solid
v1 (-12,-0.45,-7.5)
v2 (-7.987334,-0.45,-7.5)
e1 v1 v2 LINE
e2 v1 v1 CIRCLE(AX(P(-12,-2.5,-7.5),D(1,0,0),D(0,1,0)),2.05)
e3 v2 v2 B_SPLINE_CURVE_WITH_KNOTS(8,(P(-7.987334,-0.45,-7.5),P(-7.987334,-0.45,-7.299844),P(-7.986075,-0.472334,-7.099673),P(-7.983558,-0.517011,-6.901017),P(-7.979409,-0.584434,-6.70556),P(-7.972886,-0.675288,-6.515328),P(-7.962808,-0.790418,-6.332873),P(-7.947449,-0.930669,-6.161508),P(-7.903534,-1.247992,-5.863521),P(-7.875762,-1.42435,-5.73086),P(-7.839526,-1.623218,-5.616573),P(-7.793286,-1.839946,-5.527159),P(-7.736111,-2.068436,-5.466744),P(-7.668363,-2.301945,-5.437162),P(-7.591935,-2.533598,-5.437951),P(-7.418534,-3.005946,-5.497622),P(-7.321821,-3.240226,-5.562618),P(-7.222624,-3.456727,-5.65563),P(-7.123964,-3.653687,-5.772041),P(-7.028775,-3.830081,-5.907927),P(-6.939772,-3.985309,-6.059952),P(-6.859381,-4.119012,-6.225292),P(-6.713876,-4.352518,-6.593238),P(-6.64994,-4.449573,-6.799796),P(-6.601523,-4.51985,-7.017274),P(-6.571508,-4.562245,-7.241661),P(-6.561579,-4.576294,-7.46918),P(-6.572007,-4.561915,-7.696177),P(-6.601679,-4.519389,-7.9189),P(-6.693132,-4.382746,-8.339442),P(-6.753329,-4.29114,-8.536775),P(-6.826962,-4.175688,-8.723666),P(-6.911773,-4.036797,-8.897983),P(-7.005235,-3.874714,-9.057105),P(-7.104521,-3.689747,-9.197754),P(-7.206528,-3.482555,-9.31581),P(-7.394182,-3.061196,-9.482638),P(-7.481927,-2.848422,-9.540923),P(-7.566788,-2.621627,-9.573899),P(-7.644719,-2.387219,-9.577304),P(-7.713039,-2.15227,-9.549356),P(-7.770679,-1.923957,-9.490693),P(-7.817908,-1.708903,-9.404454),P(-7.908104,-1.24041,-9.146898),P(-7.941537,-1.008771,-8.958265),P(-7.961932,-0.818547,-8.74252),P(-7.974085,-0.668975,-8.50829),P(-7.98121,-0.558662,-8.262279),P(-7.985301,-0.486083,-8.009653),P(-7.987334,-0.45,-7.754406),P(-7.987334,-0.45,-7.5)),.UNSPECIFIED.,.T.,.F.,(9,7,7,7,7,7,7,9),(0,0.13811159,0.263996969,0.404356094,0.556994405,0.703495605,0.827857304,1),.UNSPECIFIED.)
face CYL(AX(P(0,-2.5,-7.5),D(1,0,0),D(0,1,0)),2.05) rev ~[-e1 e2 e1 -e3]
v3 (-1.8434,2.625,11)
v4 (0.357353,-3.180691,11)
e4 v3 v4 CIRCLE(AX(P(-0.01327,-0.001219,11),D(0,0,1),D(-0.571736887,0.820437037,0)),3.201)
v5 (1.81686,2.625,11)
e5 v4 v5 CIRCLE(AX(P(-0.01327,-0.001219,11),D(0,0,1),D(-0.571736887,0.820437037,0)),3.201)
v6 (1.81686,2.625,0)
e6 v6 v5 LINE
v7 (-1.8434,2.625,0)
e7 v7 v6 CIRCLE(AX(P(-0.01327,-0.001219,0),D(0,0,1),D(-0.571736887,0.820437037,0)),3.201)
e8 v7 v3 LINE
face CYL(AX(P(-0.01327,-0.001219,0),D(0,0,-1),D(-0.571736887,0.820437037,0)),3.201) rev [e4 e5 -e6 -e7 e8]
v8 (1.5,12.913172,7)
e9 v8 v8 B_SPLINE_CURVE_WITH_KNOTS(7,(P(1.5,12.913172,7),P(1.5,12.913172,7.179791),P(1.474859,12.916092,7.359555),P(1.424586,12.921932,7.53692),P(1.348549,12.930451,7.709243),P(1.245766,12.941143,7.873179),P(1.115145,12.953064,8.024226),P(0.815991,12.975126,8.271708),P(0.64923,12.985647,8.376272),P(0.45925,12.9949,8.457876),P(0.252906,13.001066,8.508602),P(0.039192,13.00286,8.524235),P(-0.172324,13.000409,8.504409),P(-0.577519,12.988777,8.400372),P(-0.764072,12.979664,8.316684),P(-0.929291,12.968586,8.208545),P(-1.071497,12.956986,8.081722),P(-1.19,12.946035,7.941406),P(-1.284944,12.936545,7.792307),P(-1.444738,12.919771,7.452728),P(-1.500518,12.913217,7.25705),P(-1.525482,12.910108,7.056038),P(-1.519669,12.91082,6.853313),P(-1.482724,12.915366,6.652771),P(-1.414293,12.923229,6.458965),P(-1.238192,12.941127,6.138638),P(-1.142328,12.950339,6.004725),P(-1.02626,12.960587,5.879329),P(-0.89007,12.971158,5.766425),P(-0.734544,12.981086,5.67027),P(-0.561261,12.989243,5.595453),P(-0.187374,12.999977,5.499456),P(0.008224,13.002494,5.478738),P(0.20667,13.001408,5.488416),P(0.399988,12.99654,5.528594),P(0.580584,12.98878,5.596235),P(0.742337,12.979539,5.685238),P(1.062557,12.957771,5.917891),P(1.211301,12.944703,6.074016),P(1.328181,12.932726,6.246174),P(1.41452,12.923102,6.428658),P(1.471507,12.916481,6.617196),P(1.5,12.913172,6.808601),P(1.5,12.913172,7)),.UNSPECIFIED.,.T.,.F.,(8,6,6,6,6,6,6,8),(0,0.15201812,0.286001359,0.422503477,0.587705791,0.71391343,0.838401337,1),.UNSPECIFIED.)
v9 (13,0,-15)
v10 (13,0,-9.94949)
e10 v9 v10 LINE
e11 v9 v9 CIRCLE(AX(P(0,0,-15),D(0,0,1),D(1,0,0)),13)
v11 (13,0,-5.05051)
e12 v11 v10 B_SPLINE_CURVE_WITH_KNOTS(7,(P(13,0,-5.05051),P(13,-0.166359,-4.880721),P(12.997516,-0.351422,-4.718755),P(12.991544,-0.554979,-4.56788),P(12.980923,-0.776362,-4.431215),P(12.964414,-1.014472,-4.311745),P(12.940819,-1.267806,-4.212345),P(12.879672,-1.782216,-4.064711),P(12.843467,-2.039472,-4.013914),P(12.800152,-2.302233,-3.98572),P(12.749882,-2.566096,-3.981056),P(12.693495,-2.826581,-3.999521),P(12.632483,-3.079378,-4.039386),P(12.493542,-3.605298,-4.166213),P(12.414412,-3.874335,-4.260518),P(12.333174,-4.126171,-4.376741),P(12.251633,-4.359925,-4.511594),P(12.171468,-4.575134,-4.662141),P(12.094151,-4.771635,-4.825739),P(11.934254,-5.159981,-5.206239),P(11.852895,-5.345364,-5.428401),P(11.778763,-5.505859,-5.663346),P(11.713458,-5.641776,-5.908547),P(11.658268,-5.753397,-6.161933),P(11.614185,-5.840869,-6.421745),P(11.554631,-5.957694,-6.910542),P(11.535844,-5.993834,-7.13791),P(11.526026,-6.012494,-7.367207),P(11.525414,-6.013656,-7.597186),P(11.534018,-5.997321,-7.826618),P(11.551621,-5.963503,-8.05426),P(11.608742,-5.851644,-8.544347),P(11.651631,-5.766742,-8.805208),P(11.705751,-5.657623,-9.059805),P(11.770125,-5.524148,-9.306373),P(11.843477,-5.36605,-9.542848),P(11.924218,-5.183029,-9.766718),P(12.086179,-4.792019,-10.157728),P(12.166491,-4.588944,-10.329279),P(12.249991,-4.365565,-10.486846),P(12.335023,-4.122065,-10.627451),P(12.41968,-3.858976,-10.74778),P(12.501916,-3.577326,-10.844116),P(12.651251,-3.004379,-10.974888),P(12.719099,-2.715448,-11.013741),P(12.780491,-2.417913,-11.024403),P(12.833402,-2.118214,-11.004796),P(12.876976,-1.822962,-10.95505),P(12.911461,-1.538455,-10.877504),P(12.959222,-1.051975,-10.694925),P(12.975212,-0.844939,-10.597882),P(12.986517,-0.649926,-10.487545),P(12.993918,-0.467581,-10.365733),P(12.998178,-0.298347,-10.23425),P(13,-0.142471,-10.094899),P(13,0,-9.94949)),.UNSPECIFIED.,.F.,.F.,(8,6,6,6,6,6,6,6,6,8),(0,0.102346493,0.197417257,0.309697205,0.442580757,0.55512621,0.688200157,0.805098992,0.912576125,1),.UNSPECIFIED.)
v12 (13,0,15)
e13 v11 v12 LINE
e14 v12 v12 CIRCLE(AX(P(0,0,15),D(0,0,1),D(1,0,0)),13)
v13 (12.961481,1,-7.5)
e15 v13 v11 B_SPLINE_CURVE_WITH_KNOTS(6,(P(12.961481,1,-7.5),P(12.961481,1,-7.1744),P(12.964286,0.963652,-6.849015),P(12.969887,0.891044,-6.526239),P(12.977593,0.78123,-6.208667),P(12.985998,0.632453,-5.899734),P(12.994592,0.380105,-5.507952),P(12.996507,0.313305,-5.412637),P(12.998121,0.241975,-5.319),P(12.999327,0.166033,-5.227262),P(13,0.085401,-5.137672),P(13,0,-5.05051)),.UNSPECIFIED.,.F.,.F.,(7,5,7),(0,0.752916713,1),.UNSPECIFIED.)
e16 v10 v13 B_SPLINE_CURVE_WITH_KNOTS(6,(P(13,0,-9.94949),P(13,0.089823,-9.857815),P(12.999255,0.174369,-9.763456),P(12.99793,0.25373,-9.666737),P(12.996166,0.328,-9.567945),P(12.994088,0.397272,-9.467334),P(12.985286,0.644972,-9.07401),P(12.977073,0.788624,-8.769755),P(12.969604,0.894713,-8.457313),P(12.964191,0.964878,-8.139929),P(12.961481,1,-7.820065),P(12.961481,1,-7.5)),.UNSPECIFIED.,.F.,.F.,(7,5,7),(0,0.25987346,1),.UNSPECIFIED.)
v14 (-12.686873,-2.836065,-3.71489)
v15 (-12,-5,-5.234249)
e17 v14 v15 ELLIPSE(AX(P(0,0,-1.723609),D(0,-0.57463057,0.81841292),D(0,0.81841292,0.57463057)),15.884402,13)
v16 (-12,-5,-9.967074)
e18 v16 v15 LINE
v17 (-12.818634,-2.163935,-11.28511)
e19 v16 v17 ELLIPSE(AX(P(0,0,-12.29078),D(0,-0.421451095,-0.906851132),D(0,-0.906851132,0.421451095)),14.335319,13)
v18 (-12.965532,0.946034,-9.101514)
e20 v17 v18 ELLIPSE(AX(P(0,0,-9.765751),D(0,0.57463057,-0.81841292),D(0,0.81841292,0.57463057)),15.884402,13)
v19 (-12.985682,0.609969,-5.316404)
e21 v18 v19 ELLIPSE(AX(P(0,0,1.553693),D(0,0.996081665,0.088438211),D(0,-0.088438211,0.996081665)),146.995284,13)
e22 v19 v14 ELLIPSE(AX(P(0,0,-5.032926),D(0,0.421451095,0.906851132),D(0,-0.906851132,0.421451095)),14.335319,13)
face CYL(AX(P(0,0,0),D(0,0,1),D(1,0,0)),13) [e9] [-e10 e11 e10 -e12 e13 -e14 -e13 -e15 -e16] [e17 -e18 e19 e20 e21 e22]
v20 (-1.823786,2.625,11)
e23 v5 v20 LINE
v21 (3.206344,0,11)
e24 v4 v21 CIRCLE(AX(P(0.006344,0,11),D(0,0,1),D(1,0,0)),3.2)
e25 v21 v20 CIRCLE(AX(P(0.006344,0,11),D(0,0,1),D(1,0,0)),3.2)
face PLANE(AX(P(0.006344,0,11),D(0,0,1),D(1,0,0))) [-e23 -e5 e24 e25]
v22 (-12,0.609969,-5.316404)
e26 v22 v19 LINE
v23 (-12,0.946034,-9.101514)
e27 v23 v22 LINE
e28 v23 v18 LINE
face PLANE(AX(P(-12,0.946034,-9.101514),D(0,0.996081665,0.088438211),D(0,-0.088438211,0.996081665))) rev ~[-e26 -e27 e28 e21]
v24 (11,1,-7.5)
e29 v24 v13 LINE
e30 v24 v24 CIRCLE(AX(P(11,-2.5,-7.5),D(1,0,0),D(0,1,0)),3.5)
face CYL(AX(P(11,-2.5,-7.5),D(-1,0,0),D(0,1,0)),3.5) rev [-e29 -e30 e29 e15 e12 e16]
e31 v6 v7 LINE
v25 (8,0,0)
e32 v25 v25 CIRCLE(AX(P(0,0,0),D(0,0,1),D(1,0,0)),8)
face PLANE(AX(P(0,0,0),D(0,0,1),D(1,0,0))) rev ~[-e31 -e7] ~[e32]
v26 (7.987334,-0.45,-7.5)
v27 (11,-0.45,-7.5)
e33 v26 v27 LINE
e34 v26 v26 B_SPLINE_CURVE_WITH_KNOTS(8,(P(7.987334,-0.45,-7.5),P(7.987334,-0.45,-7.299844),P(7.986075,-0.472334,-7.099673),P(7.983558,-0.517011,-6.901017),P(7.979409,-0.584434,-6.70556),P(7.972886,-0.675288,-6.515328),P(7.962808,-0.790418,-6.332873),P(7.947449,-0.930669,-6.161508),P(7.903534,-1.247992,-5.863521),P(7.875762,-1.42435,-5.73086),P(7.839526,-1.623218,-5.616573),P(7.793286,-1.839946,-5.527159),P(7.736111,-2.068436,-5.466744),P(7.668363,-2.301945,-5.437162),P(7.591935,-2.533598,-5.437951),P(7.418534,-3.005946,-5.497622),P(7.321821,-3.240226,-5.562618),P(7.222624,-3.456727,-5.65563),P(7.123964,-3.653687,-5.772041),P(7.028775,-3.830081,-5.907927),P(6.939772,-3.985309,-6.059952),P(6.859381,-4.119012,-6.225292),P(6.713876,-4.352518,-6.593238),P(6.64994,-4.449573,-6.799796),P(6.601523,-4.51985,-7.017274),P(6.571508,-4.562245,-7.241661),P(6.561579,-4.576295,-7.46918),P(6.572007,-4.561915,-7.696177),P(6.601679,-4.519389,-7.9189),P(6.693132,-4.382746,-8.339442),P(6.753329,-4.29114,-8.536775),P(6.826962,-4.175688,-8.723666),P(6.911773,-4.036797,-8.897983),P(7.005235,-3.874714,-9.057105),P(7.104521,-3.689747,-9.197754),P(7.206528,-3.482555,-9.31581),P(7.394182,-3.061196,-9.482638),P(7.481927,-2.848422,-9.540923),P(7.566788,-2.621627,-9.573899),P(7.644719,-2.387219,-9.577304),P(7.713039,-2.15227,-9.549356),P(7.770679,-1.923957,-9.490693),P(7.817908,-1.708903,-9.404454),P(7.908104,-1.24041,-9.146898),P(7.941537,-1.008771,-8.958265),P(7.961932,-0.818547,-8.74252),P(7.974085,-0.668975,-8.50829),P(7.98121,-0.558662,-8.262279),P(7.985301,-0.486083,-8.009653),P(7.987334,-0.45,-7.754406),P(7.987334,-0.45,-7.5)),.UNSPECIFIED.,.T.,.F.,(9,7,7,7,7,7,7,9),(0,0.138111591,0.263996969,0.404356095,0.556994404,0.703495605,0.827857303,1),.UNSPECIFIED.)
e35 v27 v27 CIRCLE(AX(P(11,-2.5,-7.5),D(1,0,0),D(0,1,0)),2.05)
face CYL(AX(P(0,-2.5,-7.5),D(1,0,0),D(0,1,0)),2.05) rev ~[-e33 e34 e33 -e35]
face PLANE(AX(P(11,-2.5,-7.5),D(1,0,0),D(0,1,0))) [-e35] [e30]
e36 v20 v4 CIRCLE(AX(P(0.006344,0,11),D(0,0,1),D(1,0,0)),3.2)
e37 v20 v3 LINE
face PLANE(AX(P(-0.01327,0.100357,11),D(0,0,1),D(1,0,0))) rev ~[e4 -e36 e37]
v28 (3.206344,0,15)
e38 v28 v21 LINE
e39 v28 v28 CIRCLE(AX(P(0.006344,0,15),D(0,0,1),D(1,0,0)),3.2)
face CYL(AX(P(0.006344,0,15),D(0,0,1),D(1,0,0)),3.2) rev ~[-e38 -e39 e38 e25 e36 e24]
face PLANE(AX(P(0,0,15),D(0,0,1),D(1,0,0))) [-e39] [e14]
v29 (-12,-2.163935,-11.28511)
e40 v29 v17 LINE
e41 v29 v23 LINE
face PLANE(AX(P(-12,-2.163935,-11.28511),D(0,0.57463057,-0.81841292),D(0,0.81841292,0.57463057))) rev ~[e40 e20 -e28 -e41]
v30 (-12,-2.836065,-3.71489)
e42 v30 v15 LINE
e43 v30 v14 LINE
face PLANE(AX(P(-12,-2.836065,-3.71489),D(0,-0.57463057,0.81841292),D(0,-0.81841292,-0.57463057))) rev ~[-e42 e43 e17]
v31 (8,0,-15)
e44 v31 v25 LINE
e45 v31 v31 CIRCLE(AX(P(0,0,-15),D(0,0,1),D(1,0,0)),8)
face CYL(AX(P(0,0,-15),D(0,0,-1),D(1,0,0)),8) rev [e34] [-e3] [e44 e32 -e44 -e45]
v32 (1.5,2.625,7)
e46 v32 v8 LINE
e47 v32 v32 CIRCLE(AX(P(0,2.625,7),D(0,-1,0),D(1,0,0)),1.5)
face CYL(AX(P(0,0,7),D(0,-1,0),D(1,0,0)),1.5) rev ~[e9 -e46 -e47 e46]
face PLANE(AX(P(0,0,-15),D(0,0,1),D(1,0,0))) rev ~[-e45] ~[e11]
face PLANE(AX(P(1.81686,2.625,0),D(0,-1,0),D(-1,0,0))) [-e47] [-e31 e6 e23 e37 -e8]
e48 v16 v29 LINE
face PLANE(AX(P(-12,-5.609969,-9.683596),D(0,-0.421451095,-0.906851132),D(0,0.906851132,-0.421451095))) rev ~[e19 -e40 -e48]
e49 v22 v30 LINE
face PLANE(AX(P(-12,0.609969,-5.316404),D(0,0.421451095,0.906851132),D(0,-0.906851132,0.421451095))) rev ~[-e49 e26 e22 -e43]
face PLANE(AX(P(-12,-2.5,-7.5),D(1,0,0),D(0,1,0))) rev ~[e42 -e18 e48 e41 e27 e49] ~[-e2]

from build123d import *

# Parameters (mm, degrees)
F0_R      = 13
F5_DEPTH  = 15
F4_R      = 8
F6_DEPTH  = 15
F3_R      = 3.2
F8_DEPTH  = 4
F9_DEPTH  = 11
F10_R     = 2.05
F11_DEPTH = 15
F12_R     = 1.5
F13_DEPTH = 25
F15_R     = 3.5
F16_DEPTH = 5
F19_DEPTH = 3


with BuildPart() as f5:
    # F0 (on Top) → F5 (new body, symmetric)
    with BuildSketch(Plane.XY):
        Circle(F0_R)
    extrude(amount=F5_DEPTH, both=True)

    # F4 (on offset) → F6 (cut)
    with BuildSketch(Plane.XY.offset(-15)):
        Circle(F4_R)
    extrude(amount=F6_DEPTH, mode=Mode.SUBTRACT)

    # F3 (on offset) → F8 (cut)
    with BuildSketch(Plane.XY.offset(15)):
        with Locations((0.0063437128, 0)):
            Circle(F3_R)
    extrude(amount=-F8_DEPTH, mode=Mode.SUBTRACT)

    # F7 (on Top) → F9 (cut)
    with BuildSketch(Plane.XY):
        with BuildLine():
            Line((1.8168599408, 2.625), (-1.8433996128, 2.625))
            ThreePointArc((-1.8433996128, 2.625), (-0.013269836, -3.2022189551), (1.8168599408, 2.625))
        make_face()
    extrude(amount=F9_DEPTH, mode=Mode.SUBTRACT)

    # F10 (on Right) → F11 (cut, symmetric)
    with BuildSketch(Plane.YZ):
        with Locations((-2.5, -7.5)):
            Circle(F10_R)
    extrude(amount=F11_DEPTH, both=True, mode=Mode.SUBTRACT)

    # F12 (on Front) → F13 (cut)
    with BuildSketch(Plane.XZ):
        with Locations((0, 7)):
            Circle(F12_R)
    extrude(amount=-F13_DEPTH, mode=Mode.SUBTRACT)

    # F15 (on offset) → F16 (cut)
    with BuildSketch(Plane.YZ.offset(11)):
        with Locations((-2.5, -7.5)):
            Circle(F15_R)
    extrude(amount=F16_DEPTH, mode=Mode.SUBTRACT)

    # F18 (on offset) → F19 (cut)
    with BuildSketch(Plane.YZ.offset(-12)):
        Polygon((-5.9460342998, -5.8984858401), (-5.6099690969, -9.683596166), (-2.1639347971, -11.2851103259), (0.9460342998, -9.1015141599), (0.6099690969, -5.316403834), (-2.8360652029, -3.7148896741), align=None)
    extrude(amount=-F19_DEPTH, mode=Mode.SUBTRACT)


solid = f5.part
